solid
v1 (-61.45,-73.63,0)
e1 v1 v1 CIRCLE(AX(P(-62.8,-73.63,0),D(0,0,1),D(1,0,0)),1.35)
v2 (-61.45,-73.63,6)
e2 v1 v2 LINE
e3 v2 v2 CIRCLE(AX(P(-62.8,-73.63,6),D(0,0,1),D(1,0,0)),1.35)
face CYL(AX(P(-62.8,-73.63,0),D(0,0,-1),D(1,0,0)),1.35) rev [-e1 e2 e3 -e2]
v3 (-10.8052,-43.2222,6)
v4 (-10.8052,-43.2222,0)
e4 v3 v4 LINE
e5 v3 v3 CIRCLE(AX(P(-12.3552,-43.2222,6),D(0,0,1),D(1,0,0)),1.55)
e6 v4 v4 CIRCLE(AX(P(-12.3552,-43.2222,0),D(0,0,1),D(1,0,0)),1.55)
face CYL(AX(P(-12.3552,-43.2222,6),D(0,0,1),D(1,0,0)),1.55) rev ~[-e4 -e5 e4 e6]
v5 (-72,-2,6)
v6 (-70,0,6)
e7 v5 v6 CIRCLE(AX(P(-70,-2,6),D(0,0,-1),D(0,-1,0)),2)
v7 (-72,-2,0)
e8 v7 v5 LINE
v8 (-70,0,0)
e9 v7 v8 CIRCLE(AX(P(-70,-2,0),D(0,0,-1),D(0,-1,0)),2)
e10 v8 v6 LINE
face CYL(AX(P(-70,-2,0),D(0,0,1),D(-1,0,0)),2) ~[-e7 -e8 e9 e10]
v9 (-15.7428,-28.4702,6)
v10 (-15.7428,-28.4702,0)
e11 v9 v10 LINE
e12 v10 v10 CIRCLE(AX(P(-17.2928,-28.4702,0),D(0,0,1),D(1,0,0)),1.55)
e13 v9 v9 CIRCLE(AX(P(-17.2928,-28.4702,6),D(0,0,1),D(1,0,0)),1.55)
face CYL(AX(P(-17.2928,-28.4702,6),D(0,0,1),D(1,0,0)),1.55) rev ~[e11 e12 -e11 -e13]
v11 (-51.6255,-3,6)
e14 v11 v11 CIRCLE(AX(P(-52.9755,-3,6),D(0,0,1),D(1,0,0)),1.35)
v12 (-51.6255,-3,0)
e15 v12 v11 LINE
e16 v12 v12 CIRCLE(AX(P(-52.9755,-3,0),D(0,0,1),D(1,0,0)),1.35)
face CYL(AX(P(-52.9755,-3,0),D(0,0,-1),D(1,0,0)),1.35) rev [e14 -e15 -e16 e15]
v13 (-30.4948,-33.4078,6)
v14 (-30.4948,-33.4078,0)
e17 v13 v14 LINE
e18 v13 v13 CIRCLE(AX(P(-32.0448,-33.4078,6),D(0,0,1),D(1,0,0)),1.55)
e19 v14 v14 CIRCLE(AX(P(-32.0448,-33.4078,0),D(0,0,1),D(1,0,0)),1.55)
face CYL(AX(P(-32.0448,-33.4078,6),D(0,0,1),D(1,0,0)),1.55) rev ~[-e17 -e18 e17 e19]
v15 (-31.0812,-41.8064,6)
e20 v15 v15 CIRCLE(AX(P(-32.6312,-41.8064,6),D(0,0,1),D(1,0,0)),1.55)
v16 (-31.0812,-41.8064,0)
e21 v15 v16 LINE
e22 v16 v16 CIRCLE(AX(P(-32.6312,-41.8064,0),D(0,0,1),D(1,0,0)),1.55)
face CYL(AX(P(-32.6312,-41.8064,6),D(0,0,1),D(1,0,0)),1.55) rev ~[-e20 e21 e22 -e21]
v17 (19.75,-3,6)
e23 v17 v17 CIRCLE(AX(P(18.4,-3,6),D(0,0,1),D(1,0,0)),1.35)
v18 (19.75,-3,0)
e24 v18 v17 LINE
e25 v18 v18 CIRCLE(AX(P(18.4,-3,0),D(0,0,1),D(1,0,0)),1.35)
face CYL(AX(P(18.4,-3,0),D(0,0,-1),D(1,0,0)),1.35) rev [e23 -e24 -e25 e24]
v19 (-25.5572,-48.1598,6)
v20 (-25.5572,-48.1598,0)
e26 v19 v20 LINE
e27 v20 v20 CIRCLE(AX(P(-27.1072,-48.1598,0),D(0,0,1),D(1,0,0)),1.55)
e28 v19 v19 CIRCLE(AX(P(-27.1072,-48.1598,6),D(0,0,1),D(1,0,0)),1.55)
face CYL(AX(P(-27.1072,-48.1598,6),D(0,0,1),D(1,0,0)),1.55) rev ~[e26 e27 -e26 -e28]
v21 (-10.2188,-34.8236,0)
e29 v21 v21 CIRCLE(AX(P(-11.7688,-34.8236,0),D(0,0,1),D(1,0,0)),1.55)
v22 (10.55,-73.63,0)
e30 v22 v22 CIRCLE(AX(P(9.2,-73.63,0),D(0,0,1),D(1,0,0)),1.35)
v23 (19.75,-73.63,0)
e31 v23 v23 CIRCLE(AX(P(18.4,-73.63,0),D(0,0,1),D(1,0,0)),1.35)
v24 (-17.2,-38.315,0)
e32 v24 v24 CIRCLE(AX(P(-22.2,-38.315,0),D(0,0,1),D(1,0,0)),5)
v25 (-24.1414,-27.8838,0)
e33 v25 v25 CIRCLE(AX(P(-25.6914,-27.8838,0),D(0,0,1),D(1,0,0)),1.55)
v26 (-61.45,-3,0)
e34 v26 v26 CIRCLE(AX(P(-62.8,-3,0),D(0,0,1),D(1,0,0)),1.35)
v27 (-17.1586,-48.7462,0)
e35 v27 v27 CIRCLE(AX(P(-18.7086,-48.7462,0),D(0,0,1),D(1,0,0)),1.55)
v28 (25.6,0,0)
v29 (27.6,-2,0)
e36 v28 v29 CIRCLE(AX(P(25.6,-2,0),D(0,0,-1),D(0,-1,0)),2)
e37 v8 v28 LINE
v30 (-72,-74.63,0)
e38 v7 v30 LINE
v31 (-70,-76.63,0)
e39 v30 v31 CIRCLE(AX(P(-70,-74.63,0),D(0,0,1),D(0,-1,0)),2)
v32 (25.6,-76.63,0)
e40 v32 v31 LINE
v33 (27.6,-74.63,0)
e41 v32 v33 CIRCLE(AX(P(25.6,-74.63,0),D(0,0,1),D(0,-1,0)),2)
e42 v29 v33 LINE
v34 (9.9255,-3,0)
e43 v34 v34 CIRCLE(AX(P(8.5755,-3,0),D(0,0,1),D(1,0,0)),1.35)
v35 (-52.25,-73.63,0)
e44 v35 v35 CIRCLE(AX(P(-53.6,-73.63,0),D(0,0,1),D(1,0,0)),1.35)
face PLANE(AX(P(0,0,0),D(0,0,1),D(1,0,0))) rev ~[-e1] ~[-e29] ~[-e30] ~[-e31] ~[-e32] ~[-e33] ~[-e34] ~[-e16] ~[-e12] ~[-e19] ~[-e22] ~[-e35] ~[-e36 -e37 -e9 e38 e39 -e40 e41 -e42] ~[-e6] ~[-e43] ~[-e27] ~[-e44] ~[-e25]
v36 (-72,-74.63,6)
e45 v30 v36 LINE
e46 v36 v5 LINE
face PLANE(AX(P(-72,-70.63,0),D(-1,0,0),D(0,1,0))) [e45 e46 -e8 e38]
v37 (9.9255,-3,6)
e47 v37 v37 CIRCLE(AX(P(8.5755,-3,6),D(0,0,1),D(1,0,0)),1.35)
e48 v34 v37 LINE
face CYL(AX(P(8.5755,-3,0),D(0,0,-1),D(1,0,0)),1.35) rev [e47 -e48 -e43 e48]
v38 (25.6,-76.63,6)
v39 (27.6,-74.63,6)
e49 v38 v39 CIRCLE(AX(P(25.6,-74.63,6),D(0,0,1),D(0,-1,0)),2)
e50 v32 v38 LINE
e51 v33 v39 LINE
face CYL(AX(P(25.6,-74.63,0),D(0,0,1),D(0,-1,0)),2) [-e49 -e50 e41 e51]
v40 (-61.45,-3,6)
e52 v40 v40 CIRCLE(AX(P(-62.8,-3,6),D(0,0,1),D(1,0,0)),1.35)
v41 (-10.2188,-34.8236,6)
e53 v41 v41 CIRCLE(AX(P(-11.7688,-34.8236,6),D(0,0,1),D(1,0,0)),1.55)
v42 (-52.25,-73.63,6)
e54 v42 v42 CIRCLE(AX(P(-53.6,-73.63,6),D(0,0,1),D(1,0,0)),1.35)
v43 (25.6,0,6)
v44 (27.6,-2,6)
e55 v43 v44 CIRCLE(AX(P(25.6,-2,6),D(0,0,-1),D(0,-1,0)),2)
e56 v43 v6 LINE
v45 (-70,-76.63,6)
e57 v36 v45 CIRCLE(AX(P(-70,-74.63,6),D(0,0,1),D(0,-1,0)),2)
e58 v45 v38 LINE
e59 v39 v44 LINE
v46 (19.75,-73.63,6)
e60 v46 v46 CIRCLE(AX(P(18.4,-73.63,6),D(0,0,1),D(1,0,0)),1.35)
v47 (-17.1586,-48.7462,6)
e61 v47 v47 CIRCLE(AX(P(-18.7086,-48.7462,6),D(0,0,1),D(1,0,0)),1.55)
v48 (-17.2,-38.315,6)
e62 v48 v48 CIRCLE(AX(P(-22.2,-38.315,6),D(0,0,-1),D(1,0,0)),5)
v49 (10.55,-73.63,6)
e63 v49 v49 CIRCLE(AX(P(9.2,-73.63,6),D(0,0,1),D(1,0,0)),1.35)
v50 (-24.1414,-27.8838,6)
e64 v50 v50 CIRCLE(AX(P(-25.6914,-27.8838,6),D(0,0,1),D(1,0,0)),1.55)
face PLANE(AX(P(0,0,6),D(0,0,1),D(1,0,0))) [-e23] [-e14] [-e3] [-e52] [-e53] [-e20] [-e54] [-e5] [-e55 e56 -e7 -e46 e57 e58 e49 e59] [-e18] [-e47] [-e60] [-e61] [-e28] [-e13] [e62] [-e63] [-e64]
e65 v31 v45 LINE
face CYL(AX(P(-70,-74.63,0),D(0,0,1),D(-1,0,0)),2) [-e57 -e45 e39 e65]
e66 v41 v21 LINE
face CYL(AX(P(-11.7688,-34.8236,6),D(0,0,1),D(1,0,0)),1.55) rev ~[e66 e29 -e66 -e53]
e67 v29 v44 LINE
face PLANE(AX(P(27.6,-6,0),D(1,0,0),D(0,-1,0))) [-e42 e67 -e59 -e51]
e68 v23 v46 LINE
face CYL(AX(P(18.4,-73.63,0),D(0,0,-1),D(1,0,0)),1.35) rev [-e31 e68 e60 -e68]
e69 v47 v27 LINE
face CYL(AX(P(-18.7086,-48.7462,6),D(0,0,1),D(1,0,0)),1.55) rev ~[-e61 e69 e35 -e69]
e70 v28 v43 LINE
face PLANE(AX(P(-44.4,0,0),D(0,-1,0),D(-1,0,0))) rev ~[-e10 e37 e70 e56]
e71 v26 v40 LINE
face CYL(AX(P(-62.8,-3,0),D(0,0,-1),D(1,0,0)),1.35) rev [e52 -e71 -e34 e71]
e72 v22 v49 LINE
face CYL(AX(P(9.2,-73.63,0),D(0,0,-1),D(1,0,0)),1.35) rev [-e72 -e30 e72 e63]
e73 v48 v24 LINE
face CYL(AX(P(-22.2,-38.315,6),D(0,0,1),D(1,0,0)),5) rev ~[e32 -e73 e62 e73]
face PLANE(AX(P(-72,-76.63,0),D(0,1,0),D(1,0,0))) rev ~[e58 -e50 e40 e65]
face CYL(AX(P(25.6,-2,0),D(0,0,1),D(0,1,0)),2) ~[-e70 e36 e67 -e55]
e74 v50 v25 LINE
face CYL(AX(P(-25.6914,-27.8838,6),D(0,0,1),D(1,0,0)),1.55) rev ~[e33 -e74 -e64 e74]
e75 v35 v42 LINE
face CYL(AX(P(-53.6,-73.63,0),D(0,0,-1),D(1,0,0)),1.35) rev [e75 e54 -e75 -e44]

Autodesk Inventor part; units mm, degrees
ref_plane "YZ Plane" through (0, 0, 0) normal (1, 0, 0) x (0, 1, 0)
ref_plane "XZ Plane" through (0, 0, 0) normal (0, 1, 0) x (-1, 0, 0)
ref_plane "XY Plane" through (0, 0, 0) normal (0, 0, 1) x (1, 0, 0)
ref_plane "작업 평면1" through (0, 0, 0) normal (0, 0, 1) x (1, 0, 0)
ref_plane "작업 평면2" through (0, 0, 0) normal (0, 0, 1) x (1, 0, 0)
sketch "스케치2" plane through (0, 0, 0) normal (0, 0, 1) x (1, 0, 0)
  circle A0 centre (-53.6, -73.63) radius 1.35 projected
  circle A1 centre (-62.8, -73.63) radius 1.35 projected
  line L0 (-72, -70.63) -> (-44.4, -70.63) projected
  line L1 (-72, -70.63) -> (-72, -76.63) projected
  line L2 (-72, -76.63) -> (-44.4, -76.63) projected
  line L3 (-44.4, -70.63) -> (-44.4, -76.63) projected
  circle A2 centre (18.4, -73.63) radius 1.35 projected
  circle A3 centre (9.2, -73.63) radius 1.35 projected
  line L4 (0, -70.63) -> (27.6, -70.63) projected
  line L5 (0, -70.63) -> (0, -76.63) projected
  line L6 (0, -76.63) -> (27.6, -76.63) projected
  line L7 (27.6, -70.63) -> (27.6, -76.63) projected
  circle A4 centre (18.4, -3) radius 1.35 projected
  circle A5 centre (8.5755, -3) radius 1.35 projected
  line L8 (0, 0) -> (27.6, 0) projected
  line L9 (0, 0) -> (0, -6) projected
  line L10 (0, -6) -> (27.6, -6) projected
  line L11 (27.6, 0) -> (27.6, -6) projected
  circle A6 centre (-62.8, -3) radius 1.35 projected
  circle A7 centre (-52.9755, -3) radius 1.35 projected
  line L12 (-44.4, 0) -> (-72, 0) projected
  line L13 (-72, 0) -> (-72, -6) projected
  line L14 (-44.4, -6) -> (-72, -6) projected
  line L15 (-44.4, 0) -> (-44.4, -6) projected
  line L16 (27.6, 0) -> (27.6, -76.63)
  line L17 (27.6, -76.63) -> (-72, -76.63)
  line L18 (-72, -76.63) -> (-72, 0)
  line L19 (-72, 0) -> (27.6, 0)
  point P0 (27.6, -70.63)
  point P1 (27.6, -6)
extrude "돌출1" add sketch "스케치2" along normal blind 6
sketch "스케치3" plane through (0, 0, 6) normal (0, 0, 1) x (1, 0, 0)
  line L0 (-72, -76.63) -> (27.6, -76.63) projected
  line L1 (27.6, 0) -> (-72, 0) projected
  line L2 (-72, -76.63) -> (-72, 0)
  line L3 (-72, 0) -> (-72, -42.4915)
  line L4 (-22.2, -76.63) -> (-22.2, 0)
  line L5 (-72, -38.315) -> (27.6, -38.315)
  circle A0 centre (-22.2, -38.315) radius 5
  point P0 (0, 0)
  dimension "d3" = 10
extrude "돌출2" cut sketch "스케치3" against normal blind 6 contours A0 L5 L4 | L4 L5 A0 | L5 A0 L4 | L4 A0 L5
sketch "스케치4" plane through (0, 0, 6) normal (0, 0, 1) x (1, 0, 0)
  circle A0 centre (-22.2, -38.315) radius 13.9 projected
  circle A1 centre (-25.6914, -27.8838) radius 1.25 projected
  circle A2 centre (-32.0448, -33.4078) radius 1.55 projected
  circle A3 centre (-17.2928, -28.4702) radius 1.25 projected
  circle A4 centre (-11.7688, -34.8236) radius 1.25 projected
  circle A5 centre (-12.3552, -43.2222) radius 1.25 projected
  circle A6 centre (-18.7086, -48.7462) radius 1.55 projected
  circle A7 centre (-27.1072, -48.1598) radius 1.55 projected
  circle A8 centre (-32.6312, -41.8064) radius 1.55 projected
  circle A9 centre (-25.6914, -27.8838) radius 1.55 projected
  circle A10 centre (-17.2928, -28.4702) radius 1.55 projected
  circle A11 centre (-11.7688, -34.8236) radius 1.55 projected
  circle A12 centre (-12.3552, -43.2222) radius 1.55 projected
  circle A13 centre (-32.6312, -41.8064) radius 1.25 projected
  circle A14 centre (-27.1072, -48.1598) radius 1.25 projected
  circle A15 centre (-18.7086, -48.7462) radius 1.25 projected
  circle A16 centre (-32.0448, -33.4078) radius 1.25 projected
  point P0 (0, 0)
extrude "돌출3" cut sketch "스케치4" against normal blind 6 contours A1 | A2 | A3 | A4 | A5 | A6 | A7 | A8 | A9 | A10 | A11 | A12 | A13 | A14 | A15 | A16
fillet "모깎기1" radius 2 4 edges at (-72, 0, 3) (27.6, 0, 3) (27.6, -76.63, 3) (-72, -76.63, 3)
properties part number "_pelvis" material "PMMA 플라스틱"
